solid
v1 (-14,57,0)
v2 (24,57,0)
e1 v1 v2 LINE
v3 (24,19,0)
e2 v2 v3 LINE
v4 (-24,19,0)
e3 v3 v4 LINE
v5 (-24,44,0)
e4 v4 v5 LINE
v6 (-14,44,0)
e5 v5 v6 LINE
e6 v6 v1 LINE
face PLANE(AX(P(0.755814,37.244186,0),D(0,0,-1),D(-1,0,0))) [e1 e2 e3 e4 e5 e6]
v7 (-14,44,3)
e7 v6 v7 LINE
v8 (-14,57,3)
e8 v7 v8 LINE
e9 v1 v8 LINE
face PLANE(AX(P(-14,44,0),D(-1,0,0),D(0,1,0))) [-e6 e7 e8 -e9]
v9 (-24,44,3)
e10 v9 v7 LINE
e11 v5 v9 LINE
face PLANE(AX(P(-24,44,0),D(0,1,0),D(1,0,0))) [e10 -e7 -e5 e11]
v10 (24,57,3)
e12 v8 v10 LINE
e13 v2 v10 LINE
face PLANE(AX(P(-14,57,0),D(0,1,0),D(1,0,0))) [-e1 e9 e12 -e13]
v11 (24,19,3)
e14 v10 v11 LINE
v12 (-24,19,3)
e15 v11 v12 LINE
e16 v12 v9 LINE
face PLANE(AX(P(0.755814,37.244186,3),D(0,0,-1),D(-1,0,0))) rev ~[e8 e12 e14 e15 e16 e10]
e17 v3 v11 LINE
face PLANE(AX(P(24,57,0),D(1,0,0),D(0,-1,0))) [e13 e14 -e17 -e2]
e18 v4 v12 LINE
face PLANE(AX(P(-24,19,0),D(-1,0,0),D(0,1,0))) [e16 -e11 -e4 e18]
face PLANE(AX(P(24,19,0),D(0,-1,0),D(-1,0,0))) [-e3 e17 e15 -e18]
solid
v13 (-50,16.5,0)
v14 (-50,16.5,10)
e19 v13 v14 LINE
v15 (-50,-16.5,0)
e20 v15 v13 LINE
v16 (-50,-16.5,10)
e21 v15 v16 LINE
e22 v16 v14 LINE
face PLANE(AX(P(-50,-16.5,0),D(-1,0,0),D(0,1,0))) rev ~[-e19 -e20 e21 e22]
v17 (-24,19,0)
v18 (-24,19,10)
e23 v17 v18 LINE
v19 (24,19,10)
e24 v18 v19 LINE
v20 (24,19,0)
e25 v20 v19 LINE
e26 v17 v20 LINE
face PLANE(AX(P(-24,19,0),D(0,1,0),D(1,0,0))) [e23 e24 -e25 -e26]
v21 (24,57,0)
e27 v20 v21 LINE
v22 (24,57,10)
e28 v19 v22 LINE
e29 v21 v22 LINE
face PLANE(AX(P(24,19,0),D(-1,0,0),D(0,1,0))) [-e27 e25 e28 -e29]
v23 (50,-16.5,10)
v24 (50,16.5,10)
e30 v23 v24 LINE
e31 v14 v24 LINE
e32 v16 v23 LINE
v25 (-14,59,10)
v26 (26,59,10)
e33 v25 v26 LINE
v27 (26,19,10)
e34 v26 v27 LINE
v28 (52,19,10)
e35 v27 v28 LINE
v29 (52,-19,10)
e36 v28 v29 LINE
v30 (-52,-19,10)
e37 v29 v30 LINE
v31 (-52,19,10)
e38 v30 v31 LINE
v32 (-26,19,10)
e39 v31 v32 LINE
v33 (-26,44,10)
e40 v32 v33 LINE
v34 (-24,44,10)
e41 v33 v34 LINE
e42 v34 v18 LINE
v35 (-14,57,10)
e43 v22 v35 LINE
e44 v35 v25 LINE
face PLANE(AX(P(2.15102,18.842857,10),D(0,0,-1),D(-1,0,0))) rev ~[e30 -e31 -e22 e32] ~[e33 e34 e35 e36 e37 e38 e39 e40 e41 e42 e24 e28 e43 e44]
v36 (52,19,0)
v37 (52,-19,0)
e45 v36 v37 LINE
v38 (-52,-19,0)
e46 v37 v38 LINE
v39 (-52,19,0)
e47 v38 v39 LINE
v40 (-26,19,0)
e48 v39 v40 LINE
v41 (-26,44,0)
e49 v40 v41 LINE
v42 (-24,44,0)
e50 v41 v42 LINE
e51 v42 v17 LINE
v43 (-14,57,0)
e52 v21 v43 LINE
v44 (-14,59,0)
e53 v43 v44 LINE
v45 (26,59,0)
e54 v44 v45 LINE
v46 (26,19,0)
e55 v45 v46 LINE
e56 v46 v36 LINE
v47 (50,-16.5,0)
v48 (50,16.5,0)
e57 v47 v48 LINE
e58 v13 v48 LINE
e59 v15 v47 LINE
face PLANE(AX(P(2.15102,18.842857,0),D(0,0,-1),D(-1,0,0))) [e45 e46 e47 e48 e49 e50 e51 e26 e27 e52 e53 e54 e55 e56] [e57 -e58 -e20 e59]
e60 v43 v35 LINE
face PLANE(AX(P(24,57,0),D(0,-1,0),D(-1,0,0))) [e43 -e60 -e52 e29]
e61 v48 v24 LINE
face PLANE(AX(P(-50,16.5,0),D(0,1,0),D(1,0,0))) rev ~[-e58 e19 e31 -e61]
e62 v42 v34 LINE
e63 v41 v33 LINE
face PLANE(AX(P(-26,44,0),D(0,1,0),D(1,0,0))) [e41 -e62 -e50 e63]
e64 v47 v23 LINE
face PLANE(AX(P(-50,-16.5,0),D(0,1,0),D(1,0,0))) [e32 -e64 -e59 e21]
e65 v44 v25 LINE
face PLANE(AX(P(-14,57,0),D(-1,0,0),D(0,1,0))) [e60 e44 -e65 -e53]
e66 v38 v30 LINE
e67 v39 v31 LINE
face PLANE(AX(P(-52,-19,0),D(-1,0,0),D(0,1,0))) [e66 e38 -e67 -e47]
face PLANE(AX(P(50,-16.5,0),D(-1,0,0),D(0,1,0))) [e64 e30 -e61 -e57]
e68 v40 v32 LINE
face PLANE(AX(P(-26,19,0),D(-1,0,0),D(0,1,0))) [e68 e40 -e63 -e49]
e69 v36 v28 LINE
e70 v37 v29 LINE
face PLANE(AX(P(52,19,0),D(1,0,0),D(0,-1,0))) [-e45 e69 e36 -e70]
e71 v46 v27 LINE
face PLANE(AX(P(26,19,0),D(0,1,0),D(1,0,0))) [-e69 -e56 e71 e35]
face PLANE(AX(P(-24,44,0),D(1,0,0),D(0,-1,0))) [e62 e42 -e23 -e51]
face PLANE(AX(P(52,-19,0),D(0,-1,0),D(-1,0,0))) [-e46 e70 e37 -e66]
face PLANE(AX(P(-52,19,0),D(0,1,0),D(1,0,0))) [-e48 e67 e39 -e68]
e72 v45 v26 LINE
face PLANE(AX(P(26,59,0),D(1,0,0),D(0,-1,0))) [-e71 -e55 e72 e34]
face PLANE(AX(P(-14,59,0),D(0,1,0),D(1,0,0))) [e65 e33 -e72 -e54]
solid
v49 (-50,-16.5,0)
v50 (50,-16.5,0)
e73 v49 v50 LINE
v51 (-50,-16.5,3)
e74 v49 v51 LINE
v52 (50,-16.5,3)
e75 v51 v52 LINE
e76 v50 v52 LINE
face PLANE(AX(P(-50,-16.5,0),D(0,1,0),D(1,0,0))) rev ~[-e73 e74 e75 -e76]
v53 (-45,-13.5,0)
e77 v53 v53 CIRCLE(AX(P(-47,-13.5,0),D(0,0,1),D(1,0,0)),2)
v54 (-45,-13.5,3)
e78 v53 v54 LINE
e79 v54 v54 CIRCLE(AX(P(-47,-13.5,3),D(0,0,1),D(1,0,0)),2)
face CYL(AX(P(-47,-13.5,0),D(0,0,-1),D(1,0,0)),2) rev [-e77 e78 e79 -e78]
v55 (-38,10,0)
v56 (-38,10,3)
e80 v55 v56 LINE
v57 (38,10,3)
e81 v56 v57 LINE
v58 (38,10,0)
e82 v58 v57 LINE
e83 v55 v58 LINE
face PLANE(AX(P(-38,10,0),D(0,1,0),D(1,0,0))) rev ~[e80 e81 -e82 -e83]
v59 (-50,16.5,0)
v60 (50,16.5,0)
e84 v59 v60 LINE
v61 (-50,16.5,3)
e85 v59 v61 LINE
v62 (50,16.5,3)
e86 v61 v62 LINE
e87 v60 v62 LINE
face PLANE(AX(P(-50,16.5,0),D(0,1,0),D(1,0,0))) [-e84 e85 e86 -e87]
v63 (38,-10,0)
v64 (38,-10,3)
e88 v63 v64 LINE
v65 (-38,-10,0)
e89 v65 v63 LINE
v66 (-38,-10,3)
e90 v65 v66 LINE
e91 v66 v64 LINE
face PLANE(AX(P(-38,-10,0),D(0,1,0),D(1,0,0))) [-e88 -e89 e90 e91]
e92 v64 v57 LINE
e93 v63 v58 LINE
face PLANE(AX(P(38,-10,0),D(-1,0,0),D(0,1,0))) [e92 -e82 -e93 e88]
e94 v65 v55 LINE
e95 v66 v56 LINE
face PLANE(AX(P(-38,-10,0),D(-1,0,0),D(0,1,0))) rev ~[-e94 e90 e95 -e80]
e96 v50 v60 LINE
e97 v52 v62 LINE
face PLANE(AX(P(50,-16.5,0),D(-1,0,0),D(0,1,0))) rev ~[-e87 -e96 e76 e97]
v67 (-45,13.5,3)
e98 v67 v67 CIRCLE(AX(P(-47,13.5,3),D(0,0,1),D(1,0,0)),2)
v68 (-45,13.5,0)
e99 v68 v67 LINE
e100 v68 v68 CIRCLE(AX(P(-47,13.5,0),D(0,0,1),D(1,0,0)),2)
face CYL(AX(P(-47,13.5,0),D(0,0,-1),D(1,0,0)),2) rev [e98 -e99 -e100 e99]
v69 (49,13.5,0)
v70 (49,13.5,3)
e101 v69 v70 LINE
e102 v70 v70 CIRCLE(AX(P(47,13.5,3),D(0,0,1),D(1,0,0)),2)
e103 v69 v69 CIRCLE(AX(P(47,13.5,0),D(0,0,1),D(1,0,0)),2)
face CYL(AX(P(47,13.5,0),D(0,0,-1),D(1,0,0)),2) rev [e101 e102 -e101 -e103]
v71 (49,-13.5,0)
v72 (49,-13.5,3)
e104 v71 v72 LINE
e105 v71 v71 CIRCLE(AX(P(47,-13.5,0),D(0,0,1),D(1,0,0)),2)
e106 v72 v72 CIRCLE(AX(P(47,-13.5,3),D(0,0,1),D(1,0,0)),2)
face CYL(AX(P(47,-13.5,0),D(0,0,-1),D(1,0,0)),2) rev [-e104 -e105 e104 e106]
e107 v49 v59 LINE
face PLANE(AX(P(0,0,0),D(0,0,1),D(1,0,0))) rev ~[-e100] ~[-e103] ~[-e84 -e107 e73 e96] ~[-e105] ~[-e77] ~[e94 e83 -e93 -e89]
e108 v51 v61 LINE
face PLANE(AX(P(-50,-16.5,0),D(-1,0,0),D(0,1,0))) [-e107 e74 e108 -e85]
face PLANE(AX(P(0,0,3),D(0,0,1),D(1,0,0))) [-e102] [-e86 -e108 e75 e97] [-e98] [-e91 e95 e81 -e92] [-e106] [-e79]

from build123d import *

# Parameters (mm, degrees)
SKETCH_W     = 100
SKETCH_H     = 33
SKETCH_R     = 2
SKETCH_W_2   = 76
SKETCH_H_2   = 20
PAD_DEPTH    = 3
PAD001_DEPTH = 3
SKETCH002_W  = 100
SKETCH002_H  = 33
PAD002_DEPTH = 10


with BuildPart() as boardholder:
    # Sketch → Pad (new body)
    with BuildSketch(Plane.XY):
        Rectangle(SKETCH_W, SKETCH_H)
        with Locations((-47, 13.5)):
            Circle(SKETCH_R, mode=Mode.SUBTRACT)
        with Locations((-47, -13.5)):
            Circle(SKETCH_R, mode=Mode.SUBTRACT)
        with Locations((47, 13.5)):
            Circle(SKETCH_R, mode=Mode.SUBTRACT)
        with Locations((47, -13.5)):
            Circle(SKETCH_R, mode=Mode.SUBTRACT)
        Rectangle(SKETCH_W_2, SKETCH_H_2, mode=Mode.SUBTRACT)
    extrude(amount=PAD_DEPTH)


with BuildPart() as pmsholder:
    # Sketch001 → Pad001 (new body)
    with BuildSketch(Plane.XY):
        Polygon((-14, 57), (24, 57), (24, 19), (-24, 19), (-24, 44), (-14, 44), align=None)
    extrude(amount=PAD001_DEPTH)


with BuildPart() as casewalls:
    # Sketch002 → Pad002 (new body)
    with BuildSketch(Plane.XY):
        Polygon((-14, 59), (26, 59), (26, 19), (52, 19), (52, -19), (-52, -19), (-52, 19), (-26, 19), (-26, 44), (-24, 44), (-24, 19), (24, 19), (24, 57), (-14, 57), align=None)
        Rectangle(SKETCH002_W, SKETCH002_H, mode=Mode.SUBTRACT)
    extrude(amount=PAD002_DEPTH)


solid = Compound([boardholder.part, pmsholder.part, casewalls.part])
